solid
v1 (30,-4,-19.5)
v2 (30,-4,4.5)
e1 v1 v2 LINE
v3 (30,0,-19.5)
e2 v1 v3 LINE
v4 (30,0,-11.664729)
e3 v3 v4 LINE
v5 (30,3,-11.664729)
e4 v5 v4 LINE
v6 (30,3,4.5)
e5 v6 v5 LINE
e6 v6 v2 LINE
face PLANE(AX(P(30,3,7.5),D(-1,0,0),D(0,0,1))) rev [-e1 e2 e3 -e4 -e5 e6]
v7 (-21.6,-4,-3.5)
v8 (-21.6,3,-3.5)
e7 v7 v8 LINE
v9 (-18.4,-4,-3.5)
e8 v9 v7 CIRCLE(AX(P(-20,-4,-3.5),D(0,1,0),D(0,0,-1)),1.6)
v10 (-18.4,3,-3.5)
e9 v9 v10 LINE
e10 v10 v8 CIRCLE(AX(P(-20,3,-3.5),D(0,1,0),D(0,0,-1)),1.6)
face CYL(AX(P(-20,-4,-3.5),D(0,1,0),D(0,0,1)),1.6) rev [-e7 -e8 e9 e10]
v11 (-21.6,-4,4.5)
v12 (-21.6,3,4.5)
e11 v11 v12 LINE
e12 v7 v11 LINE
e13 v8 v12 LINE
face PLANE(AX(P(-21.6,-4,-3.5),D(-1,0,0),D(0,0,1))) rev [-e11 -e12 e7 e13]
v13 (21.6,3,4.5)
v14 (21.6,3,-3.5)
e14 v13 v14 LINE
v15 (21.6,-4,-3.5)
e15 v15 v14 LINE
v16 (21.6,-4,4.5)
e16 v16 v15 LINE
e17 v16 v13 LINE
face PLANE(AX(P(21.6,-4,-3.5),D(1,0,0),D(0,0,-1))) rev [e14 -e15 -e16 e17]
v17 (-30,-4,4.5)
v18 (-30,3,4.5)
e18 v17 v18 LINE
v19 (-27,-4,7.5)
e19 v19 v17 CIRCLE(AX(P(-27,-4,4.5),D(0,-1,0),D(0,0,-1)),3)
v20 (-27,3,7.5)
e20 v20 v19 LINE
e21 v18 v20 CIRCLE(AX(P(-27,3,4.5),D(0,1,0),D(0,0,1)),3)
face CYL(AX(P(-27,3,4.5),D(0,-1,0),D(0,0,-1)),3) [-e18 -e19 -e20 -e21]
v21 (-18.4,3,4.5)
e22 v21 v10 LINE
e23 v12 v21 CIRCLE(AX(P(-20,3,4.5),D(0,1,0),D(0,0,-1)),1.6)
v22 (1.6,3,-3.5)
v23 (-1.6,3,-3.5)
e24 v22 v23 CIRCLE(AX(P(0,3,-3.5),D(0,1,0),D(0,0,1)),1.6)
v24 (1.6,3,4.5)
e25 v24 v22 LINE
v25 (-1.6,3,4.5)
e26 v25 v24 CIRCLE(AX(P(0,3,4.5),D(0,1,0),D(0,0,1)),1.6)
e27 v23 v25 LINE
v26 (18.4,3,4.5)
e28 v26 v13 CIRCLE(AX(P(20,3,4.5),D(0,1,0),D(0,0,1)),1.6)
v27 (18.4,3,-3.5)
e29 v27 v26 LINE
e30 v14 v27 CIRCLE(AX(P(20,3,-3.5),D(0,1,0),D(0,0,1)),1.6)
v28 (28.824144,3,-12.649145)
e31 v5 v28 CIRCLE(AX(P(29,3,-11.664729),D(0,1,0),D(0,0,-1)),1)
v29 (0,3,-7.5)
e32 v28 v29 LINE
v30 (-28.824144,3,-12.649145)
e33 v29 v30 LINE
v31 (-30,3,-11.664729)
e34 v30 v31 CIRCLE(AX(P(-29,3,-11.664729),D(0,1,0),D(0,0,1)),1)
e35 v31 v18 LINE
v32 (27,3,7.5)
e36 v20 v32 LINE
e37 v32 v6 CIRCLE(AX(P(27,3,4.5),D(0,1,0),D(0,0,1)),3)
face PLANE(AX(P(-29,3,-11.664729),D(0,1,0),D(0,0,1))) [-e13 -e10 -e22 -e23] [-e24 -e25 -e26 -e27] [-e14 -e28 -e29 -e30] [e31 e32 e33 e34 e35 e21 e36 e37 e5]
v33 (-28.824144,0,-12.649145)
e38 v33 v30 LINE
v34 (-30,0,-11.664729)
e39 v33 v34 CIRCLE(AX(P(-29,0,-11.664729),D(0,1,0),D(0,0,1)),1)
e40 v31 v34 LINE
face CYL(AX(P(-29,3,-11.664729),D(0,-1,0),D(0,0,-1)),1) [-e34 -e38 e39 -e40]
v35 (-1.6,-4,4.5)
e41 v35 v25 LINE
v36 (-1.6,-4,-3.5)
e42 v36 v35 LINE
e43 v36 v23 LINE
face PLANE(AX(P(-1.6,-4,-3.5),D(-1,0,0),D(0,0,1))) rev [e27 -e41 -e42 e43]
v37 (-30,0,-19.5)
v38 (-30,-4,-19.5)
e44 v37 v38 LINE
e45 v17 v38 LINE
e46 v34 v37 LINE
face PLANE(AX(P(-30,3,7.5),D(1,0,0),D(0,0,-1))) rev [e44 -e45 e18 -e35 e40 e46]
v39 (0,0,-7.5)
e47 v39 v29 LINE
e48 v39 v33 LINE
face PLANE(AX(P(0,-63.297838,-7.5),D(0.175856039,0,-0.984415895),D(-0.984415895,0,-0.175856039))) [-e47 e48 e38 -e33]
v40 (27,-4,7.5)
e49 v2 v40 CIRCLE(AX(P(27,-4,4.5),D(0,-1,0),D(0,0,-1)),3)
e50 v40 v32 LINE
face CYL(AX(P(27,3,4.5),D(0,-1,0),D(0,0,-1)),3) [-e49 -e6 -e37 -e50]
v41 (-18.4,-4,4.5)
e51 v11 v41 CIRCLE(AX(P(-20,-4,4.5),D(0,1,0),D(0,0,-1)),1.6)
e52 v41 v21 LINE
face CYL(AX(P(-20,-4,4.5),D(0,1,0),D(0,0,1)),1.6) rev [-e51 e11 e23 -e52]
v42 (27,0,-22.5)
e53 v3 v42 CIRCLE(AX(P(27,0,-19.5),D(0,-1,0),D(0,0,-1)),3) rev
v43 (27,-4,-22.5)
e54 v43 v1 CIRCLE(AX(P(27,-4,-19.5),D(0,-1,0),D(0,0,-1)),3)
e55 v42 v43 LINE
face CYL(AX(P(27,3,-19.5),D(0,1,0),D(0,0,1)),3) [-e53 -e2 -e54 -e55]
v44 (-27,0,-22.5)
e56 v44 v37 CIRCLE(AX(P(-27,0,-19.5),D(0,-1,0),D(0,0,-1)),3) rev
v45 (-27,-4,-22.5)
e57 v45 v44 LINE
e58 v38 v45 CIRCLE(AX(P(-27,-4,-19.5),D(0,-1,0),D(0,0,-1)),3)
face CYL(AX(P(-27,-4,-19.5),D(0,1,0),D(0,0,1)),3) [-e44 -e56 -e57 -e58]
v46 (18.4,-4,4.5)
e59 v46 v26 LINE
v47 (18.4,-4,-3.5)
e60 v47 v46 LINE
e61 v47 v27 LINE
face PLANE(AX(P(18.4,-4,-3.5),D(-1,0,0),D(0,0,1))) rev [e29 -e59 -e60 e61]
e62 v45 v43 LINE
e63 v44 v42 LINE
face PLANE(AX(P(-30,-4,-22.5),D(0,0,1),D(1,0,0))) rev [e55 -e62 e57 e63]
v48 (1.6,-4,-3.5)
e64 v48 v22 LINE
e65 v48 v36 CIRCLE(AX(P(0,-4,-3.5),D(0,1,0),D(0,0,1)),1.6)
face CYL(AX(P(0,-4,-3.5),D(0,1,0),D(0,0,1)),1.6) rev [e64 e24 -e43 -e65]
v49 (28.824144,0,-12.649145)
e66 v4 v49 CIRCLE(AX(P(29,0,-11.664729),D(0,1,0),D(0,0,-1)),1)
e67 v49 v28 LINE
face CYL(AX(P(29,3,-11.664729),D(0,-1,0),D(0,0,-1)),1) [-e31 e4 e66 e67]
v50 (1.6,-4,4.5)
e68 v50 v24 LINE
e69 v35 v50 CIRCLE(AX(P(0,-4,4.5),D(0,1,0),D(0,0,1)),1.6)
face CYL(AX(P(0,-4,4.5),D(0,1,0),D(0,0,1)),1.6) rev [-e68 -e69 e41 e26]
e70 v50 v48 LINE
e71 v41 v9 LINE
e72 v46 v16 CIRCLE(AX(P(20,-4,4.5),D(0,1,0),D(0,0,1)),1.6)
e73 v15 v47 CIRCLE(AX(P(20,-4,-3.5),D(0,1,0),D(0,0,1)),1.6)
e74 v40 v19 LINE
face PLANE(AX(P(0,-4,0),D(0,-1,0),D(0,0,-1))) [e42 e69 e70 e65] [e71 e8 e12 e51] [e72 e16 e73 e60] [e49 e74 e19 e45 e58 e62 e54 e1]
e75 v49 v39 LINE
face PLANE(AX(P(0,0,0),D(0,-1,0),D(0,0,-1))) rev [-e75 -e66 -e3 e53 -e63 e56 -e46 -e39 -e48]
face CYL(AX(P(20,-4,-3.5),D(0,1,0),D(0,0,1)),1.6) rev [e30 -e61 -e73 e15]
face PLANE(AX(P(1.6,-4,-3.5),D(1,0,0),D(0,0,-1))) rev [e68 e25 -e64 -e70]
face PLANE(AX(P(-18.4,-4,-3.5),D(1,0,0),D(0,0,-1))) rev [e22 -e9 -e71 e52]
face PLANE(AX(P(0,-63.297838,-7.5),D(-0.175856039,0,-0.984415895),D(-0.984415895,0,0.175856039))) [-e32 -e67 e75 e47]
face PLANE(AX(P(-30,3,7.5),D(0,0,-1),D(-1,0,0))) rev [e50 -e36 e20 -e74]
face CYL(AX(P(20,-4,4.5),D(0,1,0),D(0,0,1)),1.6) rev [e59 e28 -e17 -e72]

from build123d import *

# Parameters (mm, degrees)
BOSS_EXTRUDE1_DEPTH = 3
SKETCH4_W           = 60
SKETCH4_H           = 30
BOSS_EXTRUDE2_DEPTH = 4
FILLET1_R           = 3
CUT_EXTRUDE1_DEPTH  = 8
BOSS_EXTRUDE3_DEPTH = 3


with BuildPart() as part:
    # Sketch2 → Boss-Extrude1 (new body)
    with BuildSketch(Plane(origin=(0, 0, 0), x_dir=(1, 0, 0), z_dir=(0, 1, 0))):
        with BuildLine():
            Line((-30, -7.5), (30, -7.5))
            Line((30, -7.5), (30, 11.664728706))
            ThreePointArc((30, 11.664728706), (29.572172135, 12.484862261), (28.654761905, 12.60324384))
            ThreePointArc((28.654761905, 12.60324384), (0, 7.5), (-28.654761905, 12.60324384))
            ThreePointArc((-28.654761905, 12.60324384), (-29.572172135, 12.484862261), (-30, 11.664728706))
            Line((-30, 11.664728706), (-30, -7.5))
        make_face()
    extrude(amount=BOSS_EXTRUDE1_DEPTH)

    # Sketch4 → Boss-Extrude2 (add)
    with BuildSketch(Plane.XZ):
        with Locations((0, -7.5)):
            Rectangle(SKETCH4_W, SKETCH4_H)
    extrude(amount=BOSS_EXTRUDE2_DEPTH)

    # Fillet1
    fillet1_edges = [part.edges().sort_by_distance(p)[0] for p in [
        (30, -2, -22.5),
        (30, -0.5, 7.5),
        (-30, -0.5, 7.5),
        (-30, -2, -22.5),
    ]]
    fillet(fillet1_edges, radius=FILLET1_R)

    # Sketch5 → Cut-Extrude1 (cut, through all)
    with BuildSketch(Plane(origin=(0, 3, 0), x_dir=(1, 0, 0), z_dir=(0, 1, 0))):
        with BuildLine():
            Line((1.6, 3.5), (1.6, -4.5))
            ThreePointArc((1.6, -4.5), (0, -6.1), (-1.6, -4.5))
            Line((-1.6, -4.5), (-1.6, 3.5))
            ThreePointArc((-1.6, 3.5), (0, 5.1), (1.6, 3.5))
        make_face()
        with BuildLine():
            Line((21.6, 3.5), (21.6, -4.5))
            ThreePointArc((21.6, -4.5), (20, -6.1), (18.4, -4.5))
            Line((18.4, -4.5), (18.4, 3.5))
            ThreePointArc((18.4, 3.5), (20, 5.1), (21.6, 3.5))
        make_face()
        with BuildLine():
            Line((-21.6, 3.5), (-21.6, -4.5))
            ThreePointArc((-21.6, -4.5), (-20, -6.1), (-18.4, -4.5))
            Line((-18.4, -4.5), (-18.4, 3.5))
            ThreePointArc((-18.4, 3.5), (-20, 5.1), (-21.6, 3.5))
        make_face()
    extrude(amount=-CUT_EXTRUDE1_DEPTH, mode=Mode.SUBTRACT)

    # Sketch6 → Boss-Extrude3 (add)
    with BuildSketch(Plane(origin=(0, 3, 0), x_dir=(1, 0, 0), z_dir=(0, 1, 0))):
        with BuildLine():
            Line((0, 7.5), (-28.824143961, 12.649144601))
            ThreePointArc((-28.824143961, 12.649144601), (-29.64192833, 12.43149335), (-30, 11.664728706))
            Line((-30, 11.664728706), (-30, -4.5))
            ThreePointArc((-30, -4.5), (-29.121320344, -6.621320344), (-27, -7.5))
            Line((-27, -7.5), (27, -7.5))
            ThreePointArc((27, -7.5), (29.121320344, -6.621320344), (30, -4.5))
            Line((30, -4.5), (30, 11.664728706))
            ThreePointArc((30, 11.664728706), (29.64192833, 12.43149335), (28.824143961, 12.649144601))
            Line((28.824143961, 12.649144601), (0, 7.5))
        make_face()
        with BuildLine():
            Line((-18.4, -4.5), (-18.4, 3.5))
            ThreePointArc((-18.4, 3.5), (-20, 5.1), (-21.6, 3.5))
            Line((-21.6, 3.5), (-21.6, -4.5))
            ThreePointArc((-21.6, -4.5), (-20, -6.1), (-18.4, -4.5))
        make_face(mode=Mode.SUBTRACT)
        with BuildLine():
            Line((1.6, -4.5), (1.6, 3.5))
            ThreePointArc((1.6, 3.5), (0, 5.1), (-1.6, 3.5))
            Line((-1.6, 3.5), (-1.6, -4.5))
            ThreePointArc((-1.6, -4.5), (0, -6.1), (1.6, -4.5))
        make_face(mode=Mode.SUBTRACT)
        with BuildLine():
            Line((21.6, -4.5), (21.6, 3.5))
            ThreePointArc((21.6, 3.5), (20, 5.1), (18.4, 3.5))
            Line((18.4, 3.5), (18.4, -4.5))
            ThreePointArc((18.4, -4.5), (20, -6.1), (21.6, -4.5))
        make_face(mode=Mode.SUBTRACT)
    extrude(amount=-BOSS_EXTRUDE3_DEPTH)


solid = part.part
